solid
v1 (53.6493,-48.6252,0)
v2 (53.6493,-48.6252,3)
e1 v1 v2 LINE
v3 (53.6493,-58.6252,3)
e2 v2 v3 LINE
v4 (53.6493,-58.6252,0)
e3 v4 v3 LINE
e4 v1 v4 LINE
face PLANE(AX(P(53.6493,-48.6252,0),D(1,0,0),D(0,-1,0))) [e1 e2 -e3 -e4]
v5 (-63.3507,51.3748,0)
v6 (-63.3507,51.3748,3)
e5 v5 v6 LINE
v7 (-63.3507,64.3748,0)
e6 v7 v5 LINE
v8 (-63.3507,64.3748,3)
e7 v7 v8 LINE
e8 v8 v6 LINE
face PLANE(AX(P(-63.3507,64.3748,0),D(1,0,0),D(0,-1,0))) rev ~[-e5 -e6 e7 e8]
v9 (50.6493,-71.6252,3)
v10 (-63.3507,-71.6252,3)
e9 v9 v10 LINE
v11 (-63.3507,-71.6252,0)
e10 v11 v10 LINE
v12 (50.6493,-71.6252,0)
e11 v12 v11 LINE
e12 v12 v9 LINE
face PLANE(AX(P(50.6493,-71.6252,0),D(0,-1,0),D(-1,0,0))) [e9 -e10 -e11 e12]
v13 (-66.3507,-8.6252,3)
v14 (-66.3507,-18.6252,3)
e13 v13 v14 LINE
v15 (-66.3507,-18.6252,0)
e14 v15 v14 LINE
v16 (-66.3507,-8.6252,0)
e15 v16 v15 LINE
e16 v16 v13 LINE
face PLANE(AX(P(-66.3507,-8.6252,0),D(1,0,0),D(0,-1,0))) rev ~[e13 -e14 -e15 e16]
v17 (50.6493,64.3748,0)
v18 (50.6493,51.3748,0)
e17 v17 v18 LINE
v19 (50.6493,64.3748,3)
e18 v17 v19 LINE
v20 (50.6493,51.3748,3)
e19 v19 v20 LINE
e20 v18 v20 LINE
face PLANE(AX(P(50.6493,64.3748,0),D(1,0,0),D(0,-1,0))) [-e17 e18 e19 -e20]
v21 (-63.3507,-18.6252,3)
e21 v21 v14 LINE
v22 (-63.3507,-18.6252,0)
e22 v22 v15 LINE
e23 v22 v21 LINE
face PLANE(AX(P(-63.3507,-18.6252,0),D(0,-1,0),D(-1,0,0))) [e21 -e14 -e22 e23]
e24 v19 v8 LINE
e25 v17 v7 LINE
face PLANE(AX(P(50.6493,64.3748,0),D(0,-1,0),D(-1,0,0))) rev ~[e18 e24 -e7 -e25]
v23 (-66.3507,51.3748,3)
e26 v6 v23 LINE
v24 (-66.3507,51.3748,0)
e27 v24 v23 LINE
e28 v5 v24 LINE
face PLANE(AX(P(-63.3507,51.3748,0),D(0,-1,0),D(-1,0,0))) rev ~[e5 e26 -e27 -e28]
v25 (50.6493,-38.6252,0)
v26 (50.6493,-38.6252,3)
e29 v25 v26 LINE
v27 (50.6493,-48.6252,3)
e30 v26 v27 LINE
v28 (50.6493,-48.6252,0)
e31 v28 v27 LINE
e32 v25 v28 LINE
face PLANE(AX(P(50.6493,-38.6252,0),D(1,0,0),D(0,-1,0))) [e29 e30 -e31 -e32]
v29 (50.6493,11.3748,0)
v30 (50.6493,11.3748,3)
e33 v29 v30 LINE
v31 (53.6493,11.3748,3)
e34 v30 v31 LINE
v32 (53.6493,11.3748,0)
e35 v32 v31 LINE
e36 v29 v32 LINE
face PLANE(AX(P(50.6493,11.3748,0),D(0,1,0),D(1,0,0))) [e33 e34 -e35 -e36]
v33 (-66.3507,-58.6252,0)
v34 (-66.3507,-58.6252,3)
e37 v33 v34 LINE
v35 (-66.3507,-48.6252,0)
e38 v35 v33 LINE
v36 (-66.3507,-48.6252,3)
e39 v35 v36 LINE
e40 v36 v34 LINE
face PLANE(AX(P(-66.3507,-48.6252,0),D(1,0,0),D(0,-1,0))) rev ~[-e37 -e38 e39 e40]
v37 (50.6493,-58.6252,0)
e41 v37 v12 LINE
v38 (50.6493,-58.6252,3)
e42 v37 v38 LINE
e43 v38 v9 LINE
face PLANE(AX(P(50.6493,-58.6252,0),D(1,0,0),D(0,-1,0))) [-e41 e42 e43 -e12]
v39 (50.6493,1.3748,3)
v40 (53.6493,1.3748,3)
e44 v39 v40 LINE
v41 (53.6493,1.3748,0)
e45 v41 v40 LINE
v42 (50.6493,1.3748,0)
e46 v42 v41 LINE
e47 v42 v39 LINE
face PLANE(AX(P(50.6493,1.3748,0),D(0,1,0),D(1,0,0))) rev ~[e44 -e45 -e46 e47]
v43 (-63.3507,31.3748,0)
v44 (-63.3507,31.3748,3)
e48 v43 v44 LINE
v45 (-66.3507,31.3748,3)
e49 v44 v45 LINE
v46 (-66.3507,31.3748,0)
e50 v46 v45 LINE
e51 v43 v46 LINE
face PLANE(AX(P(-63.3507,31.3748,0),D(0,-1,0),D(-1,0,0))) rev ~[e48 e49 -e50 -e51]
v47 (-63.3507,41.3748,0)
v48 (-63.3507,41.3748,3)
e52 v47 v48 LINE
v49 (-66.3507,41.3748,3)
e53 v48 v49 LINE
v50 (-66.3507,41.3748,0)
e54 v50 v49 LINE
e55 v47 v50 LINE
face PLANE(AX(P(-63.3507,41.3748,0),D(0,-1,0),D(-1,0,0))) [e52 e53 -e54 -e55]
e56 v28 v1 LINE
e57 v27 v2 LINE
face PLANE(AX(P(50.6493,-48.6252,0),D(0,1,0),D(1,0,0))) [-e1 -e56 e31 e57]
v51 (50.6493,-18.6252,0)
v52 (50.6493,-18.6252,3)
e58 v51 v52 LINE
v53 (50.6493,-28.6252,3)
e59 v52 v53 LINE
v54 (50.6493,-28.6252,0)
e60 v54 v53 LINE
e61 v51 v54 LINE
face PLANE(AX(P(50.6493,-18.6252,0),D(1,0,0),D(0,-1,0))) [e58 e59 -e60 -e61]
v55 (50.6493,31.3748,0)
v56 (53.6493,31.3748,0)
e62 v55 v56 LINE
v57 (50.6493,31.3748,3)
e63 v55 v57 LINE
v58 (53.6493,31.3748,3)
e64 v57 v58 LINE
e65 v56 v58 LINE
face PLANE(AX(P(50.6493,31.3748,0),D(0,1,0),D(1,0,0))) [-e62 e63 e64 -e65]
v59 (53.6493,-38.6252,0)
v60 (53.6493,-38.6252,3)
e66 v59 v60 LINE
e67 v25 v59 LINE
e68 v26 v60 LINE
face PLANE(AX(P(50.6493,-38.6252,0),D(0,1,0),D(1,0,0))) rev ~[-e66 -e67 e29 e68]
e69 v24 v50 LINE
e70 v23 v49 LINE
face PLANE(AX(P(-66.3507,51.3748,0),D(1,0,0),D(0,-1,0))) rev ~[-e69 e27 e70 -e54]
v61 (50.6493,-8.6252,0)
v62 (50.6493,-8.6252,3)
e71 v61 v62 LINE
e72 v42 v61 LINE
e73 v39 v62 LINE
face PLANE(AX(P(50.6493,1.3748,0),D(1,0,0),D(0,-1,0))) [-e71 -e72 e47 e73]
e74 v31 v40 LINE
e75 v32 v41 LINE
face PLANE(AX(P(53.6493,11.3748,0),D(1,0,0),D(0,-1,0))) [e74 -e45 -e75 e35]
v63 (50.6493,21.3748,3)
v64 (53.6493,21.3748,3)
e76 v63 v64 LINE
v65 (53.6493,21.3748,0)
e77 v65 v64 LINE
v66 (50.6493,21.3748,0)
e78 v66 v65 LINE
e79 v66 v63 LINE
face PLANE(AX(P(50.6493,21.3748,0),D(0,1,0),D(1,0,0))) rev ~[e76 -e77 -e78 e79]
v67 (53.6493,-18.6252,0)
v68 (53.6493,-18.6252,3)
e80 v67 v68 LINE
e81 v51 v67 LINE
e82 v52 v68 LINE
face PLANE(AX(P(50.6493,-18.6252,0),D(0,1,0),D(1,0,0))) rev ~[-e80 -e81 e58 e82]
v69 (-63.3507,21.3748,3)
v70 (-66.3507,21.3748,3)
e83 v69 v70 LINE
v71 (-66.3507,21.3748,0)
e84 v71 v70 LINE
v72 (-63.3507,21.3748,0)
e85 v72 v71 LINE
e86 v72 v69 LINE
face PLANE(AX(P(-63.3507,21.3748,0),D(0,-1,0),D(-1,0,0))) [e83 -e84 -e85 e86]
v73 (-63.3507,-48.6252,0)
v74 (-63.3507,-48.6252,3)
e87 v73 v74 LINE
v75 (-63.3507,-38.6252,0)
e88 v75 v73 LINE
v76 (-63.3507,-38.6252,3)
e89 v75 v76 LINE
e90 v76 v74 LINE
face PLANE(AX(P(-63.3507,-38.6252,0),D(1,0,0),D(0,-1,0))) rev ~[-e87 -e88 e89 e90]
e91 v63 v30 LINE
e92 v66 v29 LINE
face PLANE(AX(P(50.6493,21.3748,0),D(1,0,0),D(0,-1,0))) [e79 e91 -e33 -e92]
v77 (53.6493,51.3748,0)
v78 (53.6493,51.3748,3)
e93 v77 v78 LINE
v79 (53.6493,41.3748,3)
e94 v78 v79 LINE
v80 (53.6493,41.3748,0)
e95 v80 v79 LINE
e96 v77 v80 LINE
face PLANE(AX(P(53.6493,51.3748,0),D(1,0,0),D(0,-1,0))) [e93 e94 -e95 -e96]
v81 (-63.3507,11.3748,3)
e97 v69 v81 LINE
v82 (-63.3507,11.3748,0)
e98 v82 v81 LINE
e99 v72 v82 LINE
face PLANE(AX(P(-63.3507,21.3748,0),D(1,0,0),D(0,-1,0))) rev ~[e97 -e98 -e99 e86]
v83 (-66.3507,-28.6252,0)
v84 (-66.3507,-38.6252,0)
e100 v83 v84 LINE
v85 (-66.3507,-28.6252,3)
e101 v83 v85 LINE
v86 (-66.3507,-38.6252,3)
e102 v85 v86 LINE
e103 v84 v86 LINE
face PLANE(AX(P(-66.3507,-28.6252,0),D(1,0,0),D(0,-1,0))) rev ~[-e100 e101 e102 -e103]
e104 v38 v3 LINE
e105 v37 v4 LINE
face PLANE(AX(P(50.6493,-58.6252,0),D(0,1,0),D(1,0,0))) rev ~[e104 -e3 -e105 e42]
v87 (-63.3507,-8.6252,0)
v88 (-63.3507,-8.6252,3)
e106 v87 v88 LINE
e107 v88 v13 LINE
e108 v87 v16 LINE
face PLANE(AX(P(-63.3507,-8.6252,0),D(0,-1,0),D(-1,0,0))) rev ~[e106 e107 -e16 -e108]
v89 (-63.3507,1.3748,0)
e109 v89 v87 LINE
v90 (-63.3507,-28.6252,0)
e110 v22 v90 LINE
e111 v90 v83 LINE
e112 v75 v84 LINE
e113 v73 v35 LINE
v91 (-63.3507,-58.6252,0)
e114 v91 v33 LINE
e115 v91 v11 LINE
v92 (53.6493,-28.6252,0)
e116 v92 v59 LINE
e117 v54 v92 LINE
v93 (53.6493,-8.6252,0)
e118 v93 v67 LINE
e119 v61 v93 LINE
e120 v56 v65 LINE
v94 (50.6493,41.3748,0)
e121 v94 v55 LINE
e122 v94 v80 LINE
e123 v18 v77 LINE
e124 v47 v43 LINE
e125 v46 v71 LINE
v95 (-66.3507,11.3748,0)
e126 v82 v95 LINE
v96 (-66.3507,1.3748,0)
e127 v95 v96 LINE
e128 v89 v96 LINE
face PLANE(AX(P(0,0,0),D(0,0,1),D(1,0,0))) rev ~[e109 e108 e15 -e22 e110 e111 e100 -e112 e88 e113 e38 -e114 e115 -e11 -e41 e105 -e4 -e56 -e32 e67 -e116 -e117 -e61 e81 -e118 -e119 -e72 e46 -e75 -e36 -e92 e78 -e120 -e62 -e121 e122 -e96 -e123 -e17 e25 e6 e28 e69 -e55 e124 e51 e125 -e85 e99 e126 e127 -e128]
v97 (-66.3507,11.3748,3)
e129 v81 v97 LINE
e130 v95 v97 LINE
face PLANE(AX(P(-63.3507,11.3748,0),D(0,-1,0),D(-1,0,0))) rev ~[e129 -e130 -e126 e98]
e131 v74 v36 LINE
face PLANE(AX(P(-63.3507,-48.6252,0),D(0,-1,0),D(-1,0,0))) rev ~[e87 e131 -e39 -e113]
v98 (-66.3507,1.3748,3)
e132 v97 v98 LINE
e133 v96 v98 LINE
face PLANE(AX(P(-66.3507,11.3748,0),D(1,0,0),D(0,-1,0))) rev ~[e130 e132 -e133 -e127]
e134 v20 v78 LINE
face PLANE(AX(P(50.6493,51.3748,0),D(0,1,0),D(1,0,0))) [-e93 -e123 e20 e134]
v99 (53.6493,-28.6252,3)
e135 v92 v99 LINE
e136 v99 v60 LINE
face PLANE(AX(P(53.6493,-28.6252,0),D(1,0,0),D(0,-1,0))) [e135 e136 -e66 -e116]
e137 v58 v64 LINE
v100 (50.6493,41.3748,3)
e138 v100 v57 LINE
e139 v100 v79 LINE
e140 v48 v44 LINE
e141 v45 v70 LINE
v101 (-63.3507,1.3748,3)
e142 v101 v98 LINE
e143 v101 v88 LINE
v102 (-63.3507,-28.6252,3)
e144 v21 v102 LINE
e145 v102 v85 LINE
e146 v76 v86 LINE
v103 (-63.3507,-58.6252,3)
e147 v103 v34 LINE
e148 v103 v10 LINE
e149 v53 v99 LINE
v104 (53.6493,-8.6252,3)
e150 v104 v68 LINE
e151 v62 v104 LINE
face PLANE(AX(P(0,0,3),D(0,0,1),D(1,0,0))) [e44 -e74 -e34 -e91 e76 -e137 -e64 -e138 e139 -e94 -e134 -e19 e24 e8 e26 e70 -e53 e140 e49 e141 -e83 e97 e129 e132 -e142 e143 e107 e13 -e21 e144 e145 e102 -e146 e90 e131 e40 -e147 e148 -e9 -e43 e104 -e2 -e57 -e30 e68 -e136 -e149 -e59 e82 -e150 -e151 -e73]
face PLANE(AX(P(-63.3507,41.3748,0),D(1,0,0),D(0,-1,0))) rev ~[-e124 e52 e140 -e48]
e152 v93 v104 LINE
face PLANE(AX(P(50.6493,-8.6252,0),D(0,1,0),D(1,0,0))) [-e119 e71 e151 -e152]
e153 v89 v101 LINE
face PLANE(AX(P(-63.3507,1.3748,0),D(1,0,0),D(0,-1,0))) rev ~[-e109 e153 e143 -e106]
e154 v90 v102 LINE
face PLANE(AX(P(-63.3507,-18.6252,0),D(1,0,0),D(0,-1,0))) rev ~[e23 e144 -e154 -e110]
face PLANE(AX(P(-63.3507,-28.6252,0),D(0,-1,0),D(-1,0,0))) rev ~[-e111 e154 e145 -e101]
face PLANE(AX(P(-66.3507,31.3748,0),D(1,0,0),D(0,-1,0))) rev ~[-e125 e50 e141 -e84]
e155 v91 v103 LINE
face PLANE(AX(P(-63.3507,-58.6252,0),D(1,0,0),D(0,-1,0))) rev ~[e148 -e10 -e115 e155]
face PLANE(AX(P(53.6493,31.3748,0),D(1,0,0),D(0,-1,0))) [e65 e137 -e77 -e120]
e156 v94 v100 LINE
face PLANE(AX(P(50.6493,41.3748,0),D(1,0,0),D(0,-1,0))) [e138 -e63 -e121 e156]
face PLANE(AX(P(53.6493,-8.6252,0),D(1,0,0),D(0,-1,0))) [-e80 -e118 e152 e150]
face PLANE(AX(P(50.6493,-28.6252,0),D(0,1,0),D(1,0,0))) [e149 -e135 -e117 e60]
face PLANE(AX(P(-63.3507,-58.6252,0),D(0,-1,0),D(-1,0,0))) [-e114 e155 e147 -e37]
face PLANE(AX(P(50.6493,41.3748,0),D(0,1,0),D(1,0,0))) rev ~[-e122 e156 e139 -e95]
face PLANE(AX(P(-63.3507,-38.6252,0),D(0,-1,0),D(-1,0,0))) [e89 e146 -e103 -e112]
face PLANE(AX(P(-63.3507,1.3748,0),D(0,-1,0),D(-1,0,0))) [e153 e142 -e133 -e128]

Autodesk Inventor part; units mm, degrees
ref_plane "YZ Plane" through (0, 0, 0) normal (1, 0, 0) x (0, 1, 0)
ref_plane "XZ Plane" through (0, 0, 0) normal (0, 1, 0) x (-1, 0, 0)
ref_plane "XY Plane" through (0, 0, 0) normal (0, 0, 1) x (1, 0, 0)
sketch "Esquisse1" plane through (0, 0, 0) normal (0, 0, 1) x (1, 0, 0)
  line L0 (-63.3507, 41.3748) -> (-66.3507, 41.3748)
  line L1 (-63.3507, 51.3748) -> (-66.3507, 51.3748)
  line L2 (-63.3507, 31.3748) -> (-66.3507, 31.3748)
  line L3 (-63.3507, 21.3748) -> (-66.3507, 21.3748)
  line L4 (-63.3507, 11.3748) -> (-66.3507, 11.3748)
  line L5 (-63.3507, 1.3748) -> (-66.3507, 1.3748)
  line L6 (-63.3507, -8.6252) -> (-66.3507, -8.6252)
  line L7 (-63.3507, -18.6252) -> (-66.3507, -18.6252)
  line L8 (-63.3507, -28.6252) -> (-66.3507, -28.6252)
  line L9 (-63.3507, -38.6252) -> (-66.3507, -38.6252)
  line L10 (53.6493, -48.6252) -> (53.6493, -58.6252)
  line L11 (50.6493, -58.6252) -> (53.6493, -58.6252)
  line L12 (50.6493, -58.6252) -> (50.6493, -71.6252)
  line L13 (50.6493, -48.6252) -> (53.6493, -48.6252)
  line L14 (50.6493, 41.3748) -> (53.6493, 41.3748)
  line L15 (50.6493, 51.3748) -> (53.6493, 51.3748)
  line L16 (50.6493, 64.3748) -> (50.6493, 51.3748)
  line L17 (53.6493, 51.3748) -> (53.6493, 41.3748)
  line L18 (50.6493, -38.6252) -> (50.6493, -48.6252)
  line L19 (50.6493, -38.6252) -> (53.6493, -38.6252)
  line L20 (53.6493, -28.6252) -> (53.6493, -38.6252)
  line L21 (50.6493, -18.6252) -> (50.6493, -28.6252)
  line L22 (50.6493, -28.6252) -> (53.6493, -28.6252)
  line L23 (50.6493, -18.6252) -> (53.6493, -18.6252)
  line L24 (53.6493, -8.6252) -> (53.6493, -18.6252)
  line L25 (50.6493, 1.3748) -> (50.6493, -8.6252)
  line L26 (50.6493, -8.6252) -> (53.6493, -8.6252)
  line L27 (50.6493, 21.3748) -> (50.6493, 11.3748)
  line L28 (50.6493, 1.3748) -> (53.6493, 1.3748)
  line L29 (53.6493, 11.3748) -> (53.6493, 1.3748)
  line L30 (50.6493, 11.3748) -> (53.6493, 11.3748)
  line L31 (50.6493, 31.3748) -> (53.6493, 31.3748)
  line L32 (53.6493, 31.3748) -> (53.6493, 21.3748)
  line L33 (50.6493, 41.3748) -> (50.6493, 31.3748)
  line L34 (50.6493, 21.3748) -> (53.6493, 21.3748)
  line L35 (-63.3507, 64.3748) -> (-63.3507, 51.3748)
  line L36 (50.6493, 64.3748) -> (-63.3507, 64.3748)
  line L37 (50.6493, -71.6252) -> (-63.3507, -71.6252)
  line L38 (-63.3507, 41.3748) -> (-63.3507, 31.3748)
  line L39 (-66.3507, 51.3748) -> (-66.3507, 41.3748)
  line L40 (-66.3507, 31.3748) -> (-66.3507, 21.3748)
  line L41 (-66.3507, 11.3748) -> (-66.3507, 1.3748)
  line L42 (-63.3507, 1.3748) -> (-63.3507, -8.6252)
  line L43 (-66.3507, -8.6252) -> (-66.3507, -18.6252)
  line L44 (-63.3507, -18.6252) -> (-63.3507, -28.6252)
  line L45 (-66.3507, -28.6252) -> (-66.3507, -38.6252)
  line L46 (-63.3507, -38.6252) -> (-63.3507, -48.6252)
  line L47 (-63.3507, -48.6252) -> (-66.3507, -48.6252)
  line L48 (-63.3507, -58.6252) -> (-63.3507, -71.6252)
  line L49 (-63.3507, -58.6252) -> (-66.3507, -58.6252)
  line L50 (-66.3507, -48.6252) -> (-66.3507, -58.6252)
  line L51 (-63.3507, 21.3748) -> (-63.3507, 11.3748)
  point P0 (0, 0)
extrude "Extrusion1" add sketch "Esquisse1" along normal blind 3
properties part number "incline"
